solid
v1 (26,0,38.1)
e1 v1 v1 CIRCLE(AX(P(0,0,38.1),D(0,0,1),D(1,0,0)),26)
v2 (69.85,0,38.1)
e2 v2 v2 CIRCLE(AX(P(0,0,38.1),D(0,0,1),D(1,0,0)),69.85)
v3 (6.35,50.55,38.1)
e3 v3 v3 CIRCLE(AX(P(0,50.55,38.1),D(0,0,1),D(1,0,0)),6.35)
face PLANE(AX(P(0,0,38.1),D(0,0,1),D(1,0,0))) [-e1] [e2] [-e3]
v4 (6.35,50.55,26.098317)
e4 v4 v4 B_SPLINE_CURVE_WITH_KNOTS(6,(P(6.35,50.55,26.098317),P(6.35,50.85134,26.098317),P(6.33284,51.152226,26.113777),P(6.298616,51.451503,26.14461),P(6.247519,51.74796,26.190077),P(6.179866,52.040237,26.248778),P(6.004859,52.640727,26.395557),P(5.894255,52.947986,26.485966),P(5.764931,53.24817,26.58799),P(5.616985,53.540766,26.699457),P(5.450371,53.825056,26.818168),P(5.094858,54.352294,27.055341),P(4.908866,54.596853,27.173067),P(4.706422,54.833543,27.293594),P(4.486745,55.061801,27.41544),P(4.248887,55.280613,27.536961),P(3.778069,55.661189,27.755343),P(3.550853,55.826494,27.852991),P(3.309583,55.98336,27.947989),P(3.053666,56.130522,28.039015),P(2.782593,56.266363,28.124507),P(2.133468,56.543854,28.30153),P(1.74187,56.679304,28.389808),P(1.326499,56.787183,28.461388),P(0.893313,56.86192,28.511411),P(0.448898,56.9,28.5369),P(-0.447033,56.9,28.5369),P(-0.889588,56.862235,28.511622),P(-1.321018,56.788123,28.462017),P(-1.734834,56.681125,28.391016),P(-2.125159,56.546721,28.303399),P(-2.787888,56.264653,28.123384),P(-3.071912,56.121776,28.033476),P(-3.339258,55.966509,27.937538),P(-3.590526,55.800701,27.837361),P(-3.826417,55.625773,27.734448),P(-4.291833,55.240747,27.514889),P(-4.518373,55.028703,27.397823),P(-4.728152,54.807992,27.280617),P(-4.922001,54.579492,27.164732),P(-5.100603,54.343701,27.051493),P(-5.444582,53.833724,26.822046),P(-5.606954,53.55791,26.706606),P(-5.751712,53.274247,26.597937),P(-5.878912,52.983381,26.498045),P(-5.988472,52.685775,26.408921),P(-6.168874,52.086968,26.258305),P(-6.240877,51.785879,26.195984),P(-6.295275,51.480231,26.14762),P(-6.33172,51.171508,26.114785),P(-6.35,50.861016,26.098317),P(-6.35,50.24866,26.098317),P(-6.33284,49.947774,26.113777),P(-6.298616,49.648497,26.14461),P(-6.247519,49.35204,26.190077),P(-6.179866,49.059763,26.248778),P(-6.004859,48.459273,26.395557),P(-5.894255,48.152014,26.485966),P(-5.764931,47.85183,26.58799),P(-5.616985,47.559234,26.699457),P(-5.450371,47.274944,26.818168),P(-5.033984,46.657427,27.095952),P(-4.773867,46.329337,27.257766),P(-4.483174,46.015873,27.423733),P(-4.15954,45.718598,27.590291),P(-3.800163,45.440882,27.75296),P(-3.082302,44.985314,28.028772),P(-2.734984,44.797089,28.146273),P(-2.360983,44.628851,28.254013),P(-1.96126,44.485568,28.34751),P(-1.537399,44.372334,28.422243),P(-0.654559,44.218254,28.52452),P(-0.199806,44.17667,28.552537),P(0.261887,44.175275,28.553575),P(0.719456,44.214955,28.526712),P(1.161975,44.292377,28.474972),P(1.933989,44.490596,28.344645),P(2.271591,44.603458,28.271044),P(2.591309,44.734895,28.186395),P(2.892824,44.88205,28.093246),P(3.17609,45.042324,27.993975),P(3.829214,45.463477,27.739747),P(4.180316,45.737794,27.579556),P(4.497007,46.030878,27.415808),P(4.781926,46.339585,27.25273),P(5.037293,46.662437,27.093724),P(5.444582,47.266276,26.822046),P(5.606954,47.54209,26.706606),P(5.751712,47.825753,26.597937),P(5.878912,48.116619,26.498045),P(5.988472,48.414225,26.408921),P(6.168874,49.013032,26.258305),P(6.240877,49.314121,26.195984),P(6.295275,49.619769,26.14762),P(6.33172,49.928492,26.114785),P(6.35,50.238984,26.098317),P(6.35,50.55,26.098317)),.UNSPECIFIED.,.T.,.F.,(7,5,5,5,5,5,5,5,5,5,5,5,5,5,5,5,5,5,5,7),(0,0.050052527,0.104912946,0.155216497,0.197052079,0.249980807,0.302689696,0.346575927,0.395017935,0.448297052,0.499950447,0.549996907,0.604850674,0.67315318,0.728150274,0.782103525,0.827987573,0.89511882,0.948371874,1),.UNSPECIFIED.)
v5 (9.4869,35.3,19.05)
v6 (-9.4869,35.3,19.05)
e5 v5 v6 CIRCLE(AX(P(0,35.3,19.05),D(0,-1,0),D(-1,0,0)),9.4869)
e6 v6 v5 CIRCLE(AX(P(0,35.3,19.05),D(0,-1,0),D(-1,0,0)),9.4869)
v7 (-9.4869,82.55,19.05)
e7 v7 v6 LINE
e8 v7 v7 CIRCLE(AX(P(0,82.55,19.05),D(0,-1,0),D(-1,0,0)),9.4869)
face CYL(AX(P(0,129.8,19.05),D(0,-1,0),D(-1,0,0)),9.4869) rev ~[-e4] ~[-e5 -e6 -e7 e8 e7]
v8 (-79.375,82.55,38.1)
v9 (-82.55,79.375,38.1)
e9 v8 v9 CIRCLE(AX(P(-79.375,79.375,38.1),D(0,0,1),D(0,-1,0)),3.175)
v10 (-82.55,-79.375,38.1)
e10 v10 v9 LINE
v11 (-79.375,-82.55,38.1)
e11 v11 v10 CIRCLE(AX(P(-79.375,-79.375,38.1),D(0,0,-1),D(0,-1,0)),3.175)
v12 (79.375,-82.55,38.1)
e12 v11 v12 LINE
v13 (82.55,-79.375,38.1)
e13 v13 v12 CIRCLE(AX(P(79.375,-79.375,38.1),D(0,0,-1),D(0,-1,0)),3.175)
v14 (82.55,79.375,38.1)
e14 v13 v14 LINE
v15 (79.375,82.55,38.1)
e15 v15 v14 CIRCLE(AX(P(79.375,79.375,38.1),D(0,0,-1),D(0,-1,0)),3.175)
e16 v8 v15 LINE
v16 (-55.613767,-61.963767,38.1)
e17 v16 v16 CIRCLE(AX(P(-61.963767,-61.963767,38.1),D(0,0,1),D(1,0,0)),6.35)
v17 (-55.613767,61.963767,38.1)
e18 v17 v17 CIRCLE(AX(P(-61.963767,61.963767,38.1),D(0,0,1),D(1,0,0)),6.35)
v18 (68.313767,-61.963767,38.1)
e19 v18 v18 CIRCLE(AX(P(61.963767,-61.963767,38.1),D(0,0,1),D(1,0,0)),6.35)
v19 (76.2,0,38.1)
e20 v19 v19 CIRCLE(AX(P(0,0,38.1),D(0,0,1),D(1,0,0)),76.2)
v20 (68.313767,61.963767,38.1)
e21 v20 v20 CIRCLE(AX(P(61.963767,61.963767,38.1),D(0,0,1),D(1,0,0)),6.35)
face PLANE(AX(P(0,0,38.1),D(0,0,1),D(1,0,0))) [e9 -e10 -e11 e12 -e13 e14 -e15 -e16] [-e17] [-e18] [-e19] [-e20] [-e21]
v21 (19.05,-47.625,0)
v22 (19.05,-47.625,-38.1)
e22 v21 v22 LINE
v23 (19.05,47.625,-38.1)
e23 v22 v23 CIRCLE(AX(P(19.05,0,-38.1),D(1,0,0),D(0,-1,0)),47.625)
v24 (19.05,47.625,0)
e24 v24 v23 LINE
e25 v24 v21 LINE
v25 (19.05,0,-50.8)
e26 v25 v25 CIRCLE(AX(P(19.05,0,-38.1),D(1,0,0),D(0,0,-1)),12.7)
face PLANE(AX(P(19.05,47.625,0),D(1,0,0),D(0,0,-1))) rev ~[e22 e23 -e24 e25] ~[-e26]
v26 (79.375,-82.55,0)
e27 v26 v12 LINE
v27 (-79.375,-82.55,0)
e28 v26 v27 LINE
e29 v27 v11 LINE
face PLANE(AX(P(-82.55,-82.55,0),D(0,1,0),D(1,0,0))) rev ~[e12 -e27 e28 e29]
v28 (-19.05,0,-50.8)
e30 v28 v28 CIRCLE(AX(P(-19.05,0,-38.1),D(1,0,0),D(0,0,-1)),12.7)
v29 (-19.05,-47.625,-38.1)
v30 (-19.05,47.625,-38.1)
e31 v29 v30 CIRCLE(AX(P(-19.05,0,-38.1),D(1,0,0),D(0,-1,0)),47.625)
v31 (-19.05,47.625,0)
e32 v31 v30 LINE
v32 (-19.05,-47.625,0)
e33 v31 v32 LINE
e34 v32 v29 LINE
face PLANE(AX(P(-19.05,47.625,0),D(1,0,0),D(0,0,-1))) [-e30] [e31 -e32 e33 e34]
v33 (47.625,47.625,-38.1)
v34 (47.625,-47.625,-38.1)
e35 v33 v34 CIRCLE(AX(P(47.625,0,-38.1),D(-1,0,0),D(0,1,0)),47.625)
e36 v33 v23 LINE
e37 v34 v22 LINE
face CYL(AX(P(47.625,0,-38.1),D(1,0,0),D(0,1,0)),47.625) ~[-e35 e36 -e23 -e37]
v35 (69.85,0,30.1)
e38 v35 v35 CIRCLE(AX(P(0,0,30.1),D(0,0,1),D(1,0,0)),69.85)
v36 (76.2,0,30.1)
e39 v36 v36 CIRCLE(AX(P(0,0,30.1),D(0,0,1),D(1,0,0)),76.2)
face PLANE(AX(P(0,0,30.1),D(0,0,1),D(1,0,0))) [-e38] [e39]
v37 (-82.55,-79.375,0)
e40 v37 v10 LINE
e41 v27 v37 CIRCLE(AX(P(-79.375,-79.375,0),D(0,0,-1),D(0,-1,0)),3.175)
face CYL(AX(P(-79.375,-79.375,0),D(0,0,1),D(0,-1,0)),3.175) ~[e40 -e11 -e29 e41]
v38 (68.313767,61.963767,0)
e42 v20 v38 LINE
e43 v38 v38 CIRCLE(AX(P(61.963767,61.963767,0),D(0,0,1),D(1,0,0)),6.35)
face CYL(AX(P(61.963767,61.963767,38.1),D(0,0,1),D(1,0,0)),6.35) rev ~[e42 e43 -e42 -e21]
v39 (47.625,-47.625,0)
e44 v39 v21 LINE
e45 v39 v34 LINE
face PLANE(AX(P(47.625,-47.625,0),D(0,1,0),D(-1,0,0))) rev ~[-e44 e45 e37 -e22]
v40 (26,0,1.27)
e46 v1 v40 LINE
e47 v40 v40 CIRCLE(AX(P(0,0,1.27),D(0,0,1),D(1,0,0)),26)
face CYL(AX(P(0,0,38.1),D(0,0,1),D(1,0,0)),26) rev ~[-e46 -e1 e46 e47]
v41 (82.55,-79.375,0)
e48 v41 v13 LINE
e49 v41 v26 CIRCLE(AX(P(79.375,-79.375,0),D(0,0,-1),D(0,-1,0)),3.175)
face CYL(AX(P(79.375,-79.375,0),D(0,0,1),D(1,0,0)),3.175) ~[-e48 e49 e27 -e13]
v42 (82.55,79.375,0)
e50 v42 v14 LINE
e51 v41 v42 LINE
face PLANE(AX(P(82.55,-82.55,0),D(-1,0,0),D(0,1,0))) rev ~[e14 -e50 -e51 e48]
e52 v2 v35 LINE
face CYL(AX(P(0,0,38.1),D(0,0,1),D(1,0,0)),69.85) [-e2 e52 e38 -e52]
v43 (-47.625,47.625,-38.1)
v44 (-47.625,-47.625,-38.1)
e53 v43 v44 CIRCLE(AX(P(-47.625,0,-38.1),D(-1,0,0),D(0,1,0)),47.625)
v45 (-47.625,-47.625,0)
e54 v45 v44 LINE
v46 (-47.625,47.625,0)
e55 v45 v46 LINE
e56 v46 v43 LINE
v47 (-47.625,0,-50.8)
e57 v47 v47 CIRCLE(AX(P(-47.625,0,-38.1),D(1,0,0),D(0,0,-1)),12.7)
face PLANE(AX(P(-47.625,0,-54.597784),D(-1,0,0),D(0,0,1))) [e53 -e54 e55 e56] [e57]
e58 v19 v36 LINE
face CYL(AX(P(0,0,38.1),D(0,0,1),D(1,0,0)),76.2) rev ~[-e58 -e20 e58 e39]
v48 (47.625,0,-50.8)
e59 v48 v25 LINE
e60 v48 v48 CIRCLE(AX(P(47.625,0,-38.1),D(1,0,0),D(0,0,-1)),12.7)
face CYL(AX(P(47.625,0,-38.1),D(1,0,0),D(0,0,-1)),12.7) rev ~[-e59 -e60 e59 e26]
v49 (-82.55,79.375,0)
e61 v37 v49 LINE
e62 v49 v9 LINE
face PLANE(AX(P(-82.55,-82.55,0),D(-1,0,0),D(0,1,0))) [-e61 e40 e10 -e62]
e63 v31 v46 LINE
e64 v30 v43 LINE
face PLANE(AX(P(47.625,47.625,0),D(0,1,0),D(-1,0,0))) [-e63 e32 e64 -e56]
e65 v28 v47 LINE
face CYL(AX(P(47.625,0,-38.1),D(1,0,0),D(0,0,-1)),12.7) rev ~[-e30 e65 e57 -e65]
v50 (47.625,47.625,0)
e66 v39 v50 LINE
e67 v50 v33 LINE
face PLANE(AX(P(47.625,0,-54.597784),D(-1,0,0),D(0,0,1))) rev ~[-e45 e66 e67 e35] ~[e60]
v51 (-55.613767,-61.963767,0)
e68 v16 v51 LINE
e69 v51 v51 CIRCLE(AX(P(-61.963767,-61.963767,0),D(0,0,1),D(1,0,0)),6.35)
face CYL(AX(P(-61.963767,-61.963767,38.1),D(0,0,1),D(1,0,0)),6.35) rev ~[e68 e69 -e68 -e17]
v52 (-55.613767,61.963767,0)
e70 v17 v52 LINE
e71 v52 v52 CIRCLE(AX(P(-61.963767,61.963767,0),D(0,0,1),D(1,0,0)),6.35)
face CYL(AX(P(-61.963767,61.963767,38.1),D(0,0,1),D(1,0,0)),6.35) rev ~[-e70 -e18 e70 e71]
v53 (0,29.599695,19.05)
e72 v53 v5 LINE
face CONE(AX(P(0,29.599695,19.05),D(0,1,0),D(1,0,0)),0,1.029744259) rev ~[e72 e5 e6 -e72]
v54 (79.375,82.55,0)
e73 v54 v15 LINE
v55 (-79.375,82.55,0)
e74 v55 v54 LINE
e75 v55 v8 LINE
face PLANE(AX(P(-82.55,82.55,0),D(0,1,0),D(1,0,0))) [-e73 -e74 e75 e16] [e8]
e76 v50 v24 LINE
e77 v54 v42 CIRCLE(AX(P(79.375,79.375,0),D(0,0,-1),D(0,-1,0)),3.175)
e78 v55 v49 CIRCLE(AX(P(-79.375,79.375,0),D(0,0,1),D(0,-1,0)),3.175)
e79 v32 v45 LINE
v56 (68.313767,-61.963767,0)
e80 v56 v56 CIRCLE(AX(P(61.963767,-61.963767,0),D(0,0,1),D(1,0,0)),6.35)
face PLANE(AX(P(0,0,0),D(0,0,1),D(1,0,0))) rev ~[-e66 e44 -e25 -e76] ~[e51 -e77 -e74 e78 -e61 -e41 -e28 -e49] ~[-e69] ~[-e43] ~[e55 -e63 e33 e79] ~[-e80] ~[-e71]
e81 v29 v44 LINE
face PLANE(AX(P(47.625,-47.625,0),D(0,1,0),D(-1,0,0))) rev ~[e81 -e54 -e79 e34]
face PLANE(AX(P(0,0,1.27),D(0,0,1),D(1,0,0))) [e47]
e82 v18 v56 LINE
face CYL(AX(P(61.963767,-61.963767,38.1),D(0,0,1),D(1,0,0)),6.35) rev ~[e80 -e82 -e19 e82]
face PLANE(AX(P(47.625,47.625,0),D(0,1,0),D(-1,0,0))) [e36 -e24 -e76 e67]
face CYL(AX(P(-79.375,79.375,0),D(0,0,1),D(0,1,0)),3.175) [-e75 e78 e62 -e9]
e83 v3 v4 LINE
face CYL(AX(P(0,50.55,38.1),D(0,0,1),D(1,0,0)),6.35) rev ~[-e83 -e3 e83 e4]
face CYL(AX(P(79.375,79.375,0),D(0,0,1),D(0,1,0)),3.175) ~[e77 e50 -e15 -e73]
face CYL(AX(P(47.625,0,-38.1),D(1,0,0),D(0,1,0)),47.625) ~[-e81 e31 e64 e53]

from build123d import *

# Parameters (mm, degrees)
SKETCH1_W                        = 165.1
SKETCH1_H                        = 165.1
BOSS_EXTRUDE1_DEPTH              = 38.1
SKETCH2_W                        = 95.25
SKETCH2_H                        = 95.25
BOSS_EXTRUDE2_DEPTH              = 38.1
BOSS_EXTRUDE3_DEPTH              = 95.25
SKETCH4_R                        = 12.7
CUT_EXTRUDE1_DEPTH               = 177.376894037
SKETCH5_W                        = 38.1
SKETCH5_H                        = 85.725
CUT_EXTRUDE2_DEPTH               = 177.376894037
FILLET1_R                        = 3.175
SKETCH6_R                        = 26
CUT_EXTRUDE3_DEPTH               = 36.83
SKETCH7_R                        = 76.2
SKETCH7_R_2                      = 69.85
CUT_EXTRUDE4_DEPTH               = 8
F_1_2_14_NPSM_TAPPED_HOLE1_D     = 18.9738
F_1_2_14_NPSM_TAPPED_HOLE1_DEPTH = 47.25
F_1_2_14_NPSM_TAPPED_HOLE1_TIP   = 5.700304607
SKETCH11_R                       = 6.35
CUT_EXTRUDE5_DEPTH               = 20
SKETCH12_R                       = 6.35
CUT_EXTRUDE6_DEPTH               = 171.181184746


with BuildPart() as part:
    # Sketch1 → Boss-Extrude1 (new body)
    with BuildSketch(Plane.XY):
        Rectangle(SKETCH1_W, SKETCH1_H)
    extrude(amount=BOSS_EXTRUDE1_DEPTH)

    # Sketch2 → Boss-Extrude2 (add)
    with BuildSketch(Plane(origin=(0, 0, 0), x_dir=(-1, 0, 0), z_dir=(0, 0, -1))):
        Rectangle(SKETCH2_W, SKETCH2_H)
    extrude(amount=BOSS_EXTRUDE2_DEPTH)

    # Sketch3 → Boss-Extrude3 (add)
    with BuildSketch(Plane(origin=(47.625, 0, 0), x_dir=(0, 0, -1), z_dir=(1, 0, 0))):
        with BuildLine():
            Line((38.1, -47.625), (38.1, 47.625))
            ThreePointArc((38.1, 47.625), (85.725, 0), (38.1, -47.625))
        make_face()
    extrude(amount=-BOSS_EXTRUDE3_DEPTH)

    # Sketch4 → Cut-Extrude1 (cut, through all)
    with BuildSketch(Plane(origin=(47.625, 0, 0), x_dir=(0, 0, -1), z_dir=(1, 0, 0))):
        with Locations((38.1, 0)):
            Circle(SKETCH4_R)
    extrude(amount=-CUT_EXTRUDE1_DEPTH, mode=Mode.SUBTRACT)

    # Sketch5 → Cut-Extrude2 (cut, through all)
    with BuildSketch(Plane(origin=(0, 47.625, 0), x_dir=(1, 0, 0), z_dir=(0, 1, 0))):
        with Locations((0, 42.8625)):
            Rectangle(SKETCH5_W, SKETCH5_H)
    extrude(amount=-CUT_EXTRUDE2_DEPTH, mode=Mode.SUBTRACT)

    # Fillet1
    fillet1_edges = [part.edges().sort_by_distance(p)[0] for p in [
        (-82.55, 82.55, 19.05),
        (82.55, 82.55, 19.05),
        (82.55, -82.55, 19.05),
        (-82.55, -82.55, 19.05),
    ]]
    fillet(fillet1_edges, radius=FILLET1_R)

    # Sketch6 → Cut-Extrude3 (cut)
    with BuildSketch(Plane.XY.offset(38.1)):
        Circle(SKETCH6_R)
    extrude(amount=-CUT_EXTRUDE3_DEPTH, mode=Mode.SUBTRACT)

    # Sketch7 → Cut-Extrude4 (cut)
    with BuildSketch(Plane.XY.offset(38.1)):
        Circle(SKETCH7_R)
        Circle(SKETCH7_R_2, mode=Mode.SUBTRACT)
    extrude(amount=-CUT_EXTRUDE4_DEPTH, mode=Mode.SUBTRACT)

    # 1/2-14 NPSM Tapped Hole1
    with Locations(Plane(origin=(0, 82.55, 0), x_dir=(1, 0, 0), z_dir=(0, 1, 0))):
        with Locations((0, -19.05)):
            Hole(F_1_2_14_NPSM_TAPPED_HOLE1_D / 2, depth=F_1_2_14_NPSM_TAPPED_HOLE1_DEPTH)
            with Locations((0, 0, -(F_1_2_14_NPSM_TAPPED_HOLE1_DEPTH + F_1_2_14_NPSM_TAPPED_HOLE1_TIP / 2))):  # 118° drill point
                Cone(0, F_1_2_14_NPSM_TAPPED_HOLE1_D / 2, F_1_2_14_NPSM_TAPPED_HOLE1_TIP, mode=Mode.SUBTRACT)

    # Sketch11 → Cut-Extrude5 (cut)
    with BuildSketch(Plane.XY.offset(38.1)):
        with Locations((0, 50.55)):
            Circle(SKETCH11_R)
    extrude(amount=-CUT_EXTRUDE5_DEPTH, mode=Mode.SUBTRACT)

    # Sketch12 → Cut-Extrude6 (cut, through all)
    with BuildSketch(Plane.XY.offset(38.1)):
        with Locations((-61.963767235, 61.963767235)):
            Circle(SKETCH12_R)
        with Locations((61.963767235, 61.963767235)):
            Circle(SKETCH12_R)
        with Locations((61.963767235, -61.963767235)):
            Circle(SKETCH12_R)
        with Locations((-61.963767235, -61.963767235)):
            Circle(SKETCH12_R)
    extrude(amount=-CUT_EXTRUDE6_DEPTH, mode=Mode.SUBTRACT)


solid = part.part
